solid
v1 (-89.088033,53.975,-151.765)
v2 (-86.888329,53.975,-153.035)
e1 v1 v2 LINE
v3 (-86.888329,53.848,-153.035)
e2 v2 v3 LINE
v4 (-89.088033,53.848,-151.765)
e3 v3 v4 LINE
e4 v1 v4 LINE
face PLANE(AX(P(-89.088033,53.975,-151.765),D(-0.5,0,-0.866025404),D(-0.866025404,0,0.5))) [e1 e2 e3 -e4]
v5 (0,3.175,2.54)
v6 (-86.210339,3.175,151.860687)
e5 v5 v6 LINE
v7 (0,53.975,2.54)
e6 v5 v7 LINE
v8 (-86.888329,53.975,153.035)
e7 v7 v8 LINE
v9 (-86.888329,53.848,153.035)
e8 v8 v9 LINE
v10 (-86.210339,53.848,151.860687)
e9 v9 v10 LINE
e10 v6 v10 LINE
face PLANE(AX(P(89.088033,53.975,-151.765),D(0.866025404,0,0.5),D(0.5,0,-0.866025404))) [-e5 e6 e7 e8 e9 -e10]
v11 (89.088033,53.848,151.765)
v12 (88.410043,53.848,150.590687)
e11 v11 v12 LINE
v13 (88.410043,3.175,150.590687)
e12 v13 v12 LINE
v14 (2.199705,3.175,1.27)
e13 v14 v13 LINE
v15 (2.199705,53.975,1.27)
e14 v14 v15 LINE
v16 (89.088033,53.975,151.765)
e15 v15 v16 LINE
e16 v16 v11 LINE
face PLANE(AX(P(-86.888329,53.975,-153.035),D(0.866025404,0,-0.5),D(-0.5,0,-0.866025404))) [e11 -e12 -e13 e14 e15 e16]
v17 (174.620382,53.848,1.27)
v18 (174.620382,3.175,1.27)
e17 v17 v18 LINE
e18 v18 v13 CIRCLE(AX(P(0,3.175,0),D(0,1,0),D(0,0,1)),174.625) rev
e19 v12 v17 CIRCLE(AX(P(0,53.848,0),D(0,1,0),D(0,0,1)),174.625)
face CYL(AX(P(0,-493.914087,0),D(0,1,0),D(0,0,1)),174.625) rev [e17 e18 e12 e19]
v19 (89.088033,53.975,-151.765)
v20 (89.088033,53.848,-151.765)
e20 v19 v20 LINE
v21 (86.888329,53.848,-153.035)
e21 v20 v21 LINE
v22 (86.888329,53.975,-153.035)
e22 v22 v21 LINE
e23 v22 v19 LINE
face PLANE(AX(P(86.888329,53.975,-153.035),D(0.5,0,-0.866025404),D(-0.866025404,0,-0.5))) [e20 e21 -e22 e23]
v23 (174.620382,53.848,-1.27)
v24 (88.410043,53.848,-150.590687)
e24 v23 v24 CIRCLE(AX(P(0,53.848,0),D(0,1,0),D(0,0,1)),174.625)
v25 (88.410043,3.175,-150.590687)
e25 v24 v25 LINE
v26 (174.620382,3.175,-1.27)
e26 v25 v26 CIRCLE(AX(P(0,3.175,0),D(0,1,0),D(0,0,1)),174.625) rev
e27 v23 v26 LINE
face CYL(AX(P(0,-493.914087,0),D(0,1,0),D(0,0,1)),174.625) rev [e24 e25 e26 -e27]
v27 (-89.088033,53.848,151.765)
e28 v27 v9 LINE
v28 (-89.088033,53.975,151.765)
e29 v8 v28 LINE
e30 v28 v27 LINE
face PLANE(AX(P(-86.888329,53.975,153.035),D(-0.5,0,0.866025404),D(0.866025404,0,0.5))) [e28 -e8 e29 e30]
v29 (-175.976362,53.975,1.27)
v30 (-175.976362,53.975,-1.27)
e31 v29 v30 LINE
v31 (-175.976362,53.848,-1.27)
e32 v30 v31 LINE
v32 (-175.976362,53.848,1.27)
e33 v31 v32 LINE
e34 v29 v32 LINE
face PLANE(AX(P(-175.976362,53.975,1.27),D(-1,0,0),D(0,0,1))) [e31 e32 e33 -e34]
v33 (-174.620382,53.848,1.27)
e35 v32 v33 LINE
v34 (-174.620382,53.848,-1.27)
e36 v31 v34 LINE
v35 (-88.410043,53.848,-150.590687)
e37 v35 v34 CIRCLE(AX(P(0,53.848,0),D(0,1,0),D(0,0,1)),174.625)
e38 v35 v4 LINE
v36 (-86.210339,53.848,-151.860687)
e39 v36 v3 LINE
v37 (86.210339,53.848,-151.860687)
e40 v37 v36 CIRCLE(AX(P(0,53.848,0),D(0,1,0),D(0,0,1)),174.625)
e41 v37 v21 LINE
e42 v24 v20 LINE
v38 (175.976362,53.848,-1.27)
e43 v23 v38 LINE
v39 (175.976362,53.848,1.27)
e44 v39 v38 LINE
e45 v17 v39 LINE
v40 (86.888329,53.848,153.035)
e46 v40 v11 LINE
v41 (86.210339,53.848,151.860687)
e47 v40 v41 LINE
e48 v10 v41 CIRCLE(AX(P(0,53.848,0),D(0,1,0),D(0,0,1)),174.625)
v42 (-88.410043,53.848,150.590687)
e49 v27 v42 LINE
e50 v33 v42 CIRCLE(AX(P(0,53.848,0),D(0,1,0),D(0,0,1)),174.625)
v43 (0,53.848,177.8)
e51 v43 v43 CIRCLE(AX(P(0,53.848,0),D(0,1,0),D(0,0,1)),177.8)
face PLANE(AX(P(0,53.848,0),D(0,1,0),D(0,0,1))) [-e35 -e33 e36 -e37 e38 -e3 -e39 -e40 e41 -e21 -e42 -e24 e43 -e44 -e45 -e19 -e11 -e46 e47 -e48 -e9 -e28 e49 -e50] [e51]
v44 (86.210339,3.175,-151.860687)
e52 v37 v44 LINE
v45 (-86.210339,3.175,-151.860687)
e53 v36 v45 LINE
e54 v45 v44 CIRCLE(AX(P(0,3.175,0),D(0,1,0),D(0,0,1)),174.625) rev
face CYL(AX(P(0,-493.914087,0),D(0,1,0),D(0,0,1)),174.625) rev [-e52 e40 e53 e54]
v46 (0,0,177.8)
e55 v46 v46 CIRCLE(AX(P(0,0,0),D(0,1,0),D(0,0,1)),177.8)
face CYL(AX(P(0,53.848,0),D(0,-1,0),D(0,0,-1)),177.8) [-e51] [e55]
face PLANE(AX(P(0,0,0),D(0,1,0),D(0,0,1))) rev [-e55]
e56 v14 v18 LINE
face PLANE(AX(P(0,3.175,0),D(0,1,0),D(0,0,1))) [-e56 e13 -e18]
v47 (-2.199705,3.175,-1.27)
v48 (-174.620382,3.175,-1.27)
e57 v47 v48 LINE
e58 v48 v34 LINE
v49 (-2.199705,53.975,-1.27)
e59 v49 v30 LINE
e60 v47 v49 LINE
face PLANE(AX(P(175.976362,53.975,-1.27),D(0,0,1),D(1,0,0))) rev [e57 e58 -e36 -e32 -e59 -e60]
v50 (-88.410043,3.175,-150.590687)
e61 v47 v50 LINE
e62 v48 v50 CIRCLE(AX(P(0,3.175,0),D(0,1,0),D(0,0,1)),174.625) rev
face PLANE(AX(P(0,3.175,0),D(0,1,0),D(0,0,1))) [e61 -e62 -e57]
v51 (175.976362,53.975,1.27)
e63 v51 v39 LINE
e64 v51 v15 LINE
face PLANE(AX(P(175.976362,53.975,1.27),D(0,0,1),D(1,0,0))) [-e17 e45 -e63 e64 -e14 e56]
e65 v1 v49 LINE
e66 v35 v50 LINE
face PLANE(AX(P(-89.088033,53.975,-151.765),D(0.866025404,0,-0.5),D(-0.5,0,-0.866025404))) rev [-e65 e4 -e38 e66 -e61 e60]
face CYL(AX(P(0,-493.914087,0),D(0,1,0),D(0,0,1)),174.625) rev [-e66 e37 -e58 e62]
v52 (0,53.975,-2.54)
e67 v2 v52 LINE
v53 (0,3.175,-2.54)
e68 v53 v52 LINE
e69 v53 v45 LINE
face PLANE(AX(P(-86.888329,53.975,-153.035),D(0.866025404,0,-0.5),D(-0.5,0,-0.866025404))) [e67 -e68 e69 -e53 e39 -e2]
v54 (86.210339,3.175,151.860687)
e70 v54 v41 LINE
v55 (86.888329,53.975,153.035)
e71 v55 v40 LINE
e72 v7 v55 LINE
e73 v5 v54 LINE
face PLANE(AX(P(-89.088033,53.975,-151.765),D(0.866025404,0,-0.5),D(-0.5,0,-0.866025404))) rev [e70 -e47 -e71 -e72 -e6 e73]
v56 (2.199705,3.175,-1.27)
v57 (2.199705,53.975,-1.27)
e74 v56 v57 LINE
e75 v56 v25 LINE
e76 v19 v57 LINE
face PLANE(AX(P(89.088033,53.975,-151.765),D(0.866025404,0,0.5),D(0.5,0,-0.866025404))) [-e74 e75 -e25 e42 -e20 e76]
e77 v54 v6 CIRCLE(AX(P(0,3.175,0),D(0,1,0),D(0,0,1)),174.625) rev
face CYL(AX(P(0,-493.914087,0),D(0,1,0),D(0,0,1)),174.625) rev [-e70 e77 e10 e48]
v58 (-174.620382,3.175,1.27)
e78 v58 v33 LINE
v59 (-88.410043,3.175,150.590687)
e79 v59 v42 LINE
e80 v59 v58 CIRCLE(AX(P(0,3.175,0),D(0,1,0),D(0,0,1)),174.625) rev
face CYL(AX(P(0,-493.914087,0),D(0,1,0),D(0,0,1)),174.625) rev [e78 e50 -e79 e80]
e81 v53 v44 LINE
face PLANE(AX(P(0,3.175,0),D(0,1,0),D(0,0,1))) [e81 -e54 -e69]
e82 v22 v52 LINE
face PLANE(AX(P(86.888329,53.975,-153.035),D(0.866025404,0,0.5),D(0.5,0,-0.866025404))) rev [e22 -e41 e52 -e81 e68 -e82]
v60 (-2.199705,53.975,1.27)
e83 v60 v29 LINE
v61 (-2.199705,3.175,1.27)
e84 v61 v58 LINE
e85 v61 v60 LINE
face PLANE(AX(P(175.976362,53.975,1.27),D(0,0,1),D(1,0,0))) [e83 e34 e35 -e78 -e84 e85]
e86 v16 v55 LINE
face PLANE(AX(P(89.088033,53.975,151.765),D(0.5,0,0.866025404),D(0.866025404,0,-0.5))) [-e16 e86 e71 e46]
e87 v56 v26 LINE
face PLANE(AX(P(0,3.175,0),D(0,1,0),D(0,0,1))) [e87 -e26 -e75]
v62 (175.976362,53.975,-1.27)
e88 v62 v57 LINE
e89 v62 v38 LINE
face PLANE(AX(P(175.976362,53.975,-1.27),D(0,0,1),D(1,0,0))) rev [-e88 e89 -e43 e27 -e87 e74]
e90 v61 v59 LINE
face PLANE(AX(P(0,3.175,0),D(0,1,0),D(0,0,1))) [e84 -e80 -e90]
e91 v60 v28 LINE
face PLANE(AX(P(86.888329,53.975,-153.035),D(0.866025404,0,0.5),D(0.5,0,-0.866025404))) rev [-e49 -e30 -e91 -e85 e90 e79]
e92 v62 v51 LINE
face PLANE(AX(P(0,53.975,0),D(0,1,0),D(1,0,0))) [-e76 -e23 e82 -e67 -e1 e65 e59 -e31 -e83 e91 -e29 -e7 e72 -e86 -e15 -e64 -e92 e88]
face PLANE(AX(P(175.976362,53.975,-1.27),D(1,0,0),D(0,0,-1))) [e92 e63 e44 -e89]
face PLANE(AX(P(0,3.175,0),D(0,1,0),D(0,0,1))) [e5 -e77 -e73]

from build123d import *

# Parameters (mm, degrees)
SKETCH1_R           = 177.8
BOSS_EXTRUDE1_DEPTH = 53.848
SKETCH2_R           = 174.625
CUT_EXTRUDE1_DEPTH  = 50.673
SKETCH3_W           = 351.952724098
SKETCH3_H           = 2.54
EXTRUDE_THIN1_DEPTH = 50.8


with BuildPart() as part:
    # Sketch1 → Boss-Extrude1 (new body)
    with BuildSketch(Plane(origin=(0, 0, 0), x_dir=(1, 0, 0), z_dir=(0, 1, 0))):
        with Locations(Location((0, 0, 0), (0, 0, 270))):
            Circle(SKETCH1_R)
    extrude(amount=BOSS_EXTRUDE1_DEPTH)

    # Sketch2 → Cut-Extrude1 (cut)
    with BuildSketch(Plane(origin=(0, 53.848, 0), x_dir=(1, 0, 0), z_dir=(0, 1, 0))):
        with Locations(Location((0, 0, 0), (0, 0, 270))):
            Circle(SKETCH2_R)
    extrude(amount=-CUT_EXTRUDE1_DEPTH, mode=Mode.SUBTRACT)

    # Sketch3 → Extrude-Thin1 (add)
    with BuildSketch(Plane(origin=(0, 3.175, 0), x_dir=(1, 0, 0), z_dir=(0, 1, 0))):
        Polygon((86.888328762, 153.035), (-89.088033287, -151.765), (-86.888328762, -153.035), (89.088033287, 151.765), align=None)
        Polygon((-89.088033287, 151.765), (86.888328762, -153.035), (89.088033287, -151.765), (-86.888328762, 153.035), align=None)
        Rectangle(SKETCH3_W, SKETCH3_H)
    extrude(amount=EXTRUDE_THIN1_DEPTH)


solid = part.part
